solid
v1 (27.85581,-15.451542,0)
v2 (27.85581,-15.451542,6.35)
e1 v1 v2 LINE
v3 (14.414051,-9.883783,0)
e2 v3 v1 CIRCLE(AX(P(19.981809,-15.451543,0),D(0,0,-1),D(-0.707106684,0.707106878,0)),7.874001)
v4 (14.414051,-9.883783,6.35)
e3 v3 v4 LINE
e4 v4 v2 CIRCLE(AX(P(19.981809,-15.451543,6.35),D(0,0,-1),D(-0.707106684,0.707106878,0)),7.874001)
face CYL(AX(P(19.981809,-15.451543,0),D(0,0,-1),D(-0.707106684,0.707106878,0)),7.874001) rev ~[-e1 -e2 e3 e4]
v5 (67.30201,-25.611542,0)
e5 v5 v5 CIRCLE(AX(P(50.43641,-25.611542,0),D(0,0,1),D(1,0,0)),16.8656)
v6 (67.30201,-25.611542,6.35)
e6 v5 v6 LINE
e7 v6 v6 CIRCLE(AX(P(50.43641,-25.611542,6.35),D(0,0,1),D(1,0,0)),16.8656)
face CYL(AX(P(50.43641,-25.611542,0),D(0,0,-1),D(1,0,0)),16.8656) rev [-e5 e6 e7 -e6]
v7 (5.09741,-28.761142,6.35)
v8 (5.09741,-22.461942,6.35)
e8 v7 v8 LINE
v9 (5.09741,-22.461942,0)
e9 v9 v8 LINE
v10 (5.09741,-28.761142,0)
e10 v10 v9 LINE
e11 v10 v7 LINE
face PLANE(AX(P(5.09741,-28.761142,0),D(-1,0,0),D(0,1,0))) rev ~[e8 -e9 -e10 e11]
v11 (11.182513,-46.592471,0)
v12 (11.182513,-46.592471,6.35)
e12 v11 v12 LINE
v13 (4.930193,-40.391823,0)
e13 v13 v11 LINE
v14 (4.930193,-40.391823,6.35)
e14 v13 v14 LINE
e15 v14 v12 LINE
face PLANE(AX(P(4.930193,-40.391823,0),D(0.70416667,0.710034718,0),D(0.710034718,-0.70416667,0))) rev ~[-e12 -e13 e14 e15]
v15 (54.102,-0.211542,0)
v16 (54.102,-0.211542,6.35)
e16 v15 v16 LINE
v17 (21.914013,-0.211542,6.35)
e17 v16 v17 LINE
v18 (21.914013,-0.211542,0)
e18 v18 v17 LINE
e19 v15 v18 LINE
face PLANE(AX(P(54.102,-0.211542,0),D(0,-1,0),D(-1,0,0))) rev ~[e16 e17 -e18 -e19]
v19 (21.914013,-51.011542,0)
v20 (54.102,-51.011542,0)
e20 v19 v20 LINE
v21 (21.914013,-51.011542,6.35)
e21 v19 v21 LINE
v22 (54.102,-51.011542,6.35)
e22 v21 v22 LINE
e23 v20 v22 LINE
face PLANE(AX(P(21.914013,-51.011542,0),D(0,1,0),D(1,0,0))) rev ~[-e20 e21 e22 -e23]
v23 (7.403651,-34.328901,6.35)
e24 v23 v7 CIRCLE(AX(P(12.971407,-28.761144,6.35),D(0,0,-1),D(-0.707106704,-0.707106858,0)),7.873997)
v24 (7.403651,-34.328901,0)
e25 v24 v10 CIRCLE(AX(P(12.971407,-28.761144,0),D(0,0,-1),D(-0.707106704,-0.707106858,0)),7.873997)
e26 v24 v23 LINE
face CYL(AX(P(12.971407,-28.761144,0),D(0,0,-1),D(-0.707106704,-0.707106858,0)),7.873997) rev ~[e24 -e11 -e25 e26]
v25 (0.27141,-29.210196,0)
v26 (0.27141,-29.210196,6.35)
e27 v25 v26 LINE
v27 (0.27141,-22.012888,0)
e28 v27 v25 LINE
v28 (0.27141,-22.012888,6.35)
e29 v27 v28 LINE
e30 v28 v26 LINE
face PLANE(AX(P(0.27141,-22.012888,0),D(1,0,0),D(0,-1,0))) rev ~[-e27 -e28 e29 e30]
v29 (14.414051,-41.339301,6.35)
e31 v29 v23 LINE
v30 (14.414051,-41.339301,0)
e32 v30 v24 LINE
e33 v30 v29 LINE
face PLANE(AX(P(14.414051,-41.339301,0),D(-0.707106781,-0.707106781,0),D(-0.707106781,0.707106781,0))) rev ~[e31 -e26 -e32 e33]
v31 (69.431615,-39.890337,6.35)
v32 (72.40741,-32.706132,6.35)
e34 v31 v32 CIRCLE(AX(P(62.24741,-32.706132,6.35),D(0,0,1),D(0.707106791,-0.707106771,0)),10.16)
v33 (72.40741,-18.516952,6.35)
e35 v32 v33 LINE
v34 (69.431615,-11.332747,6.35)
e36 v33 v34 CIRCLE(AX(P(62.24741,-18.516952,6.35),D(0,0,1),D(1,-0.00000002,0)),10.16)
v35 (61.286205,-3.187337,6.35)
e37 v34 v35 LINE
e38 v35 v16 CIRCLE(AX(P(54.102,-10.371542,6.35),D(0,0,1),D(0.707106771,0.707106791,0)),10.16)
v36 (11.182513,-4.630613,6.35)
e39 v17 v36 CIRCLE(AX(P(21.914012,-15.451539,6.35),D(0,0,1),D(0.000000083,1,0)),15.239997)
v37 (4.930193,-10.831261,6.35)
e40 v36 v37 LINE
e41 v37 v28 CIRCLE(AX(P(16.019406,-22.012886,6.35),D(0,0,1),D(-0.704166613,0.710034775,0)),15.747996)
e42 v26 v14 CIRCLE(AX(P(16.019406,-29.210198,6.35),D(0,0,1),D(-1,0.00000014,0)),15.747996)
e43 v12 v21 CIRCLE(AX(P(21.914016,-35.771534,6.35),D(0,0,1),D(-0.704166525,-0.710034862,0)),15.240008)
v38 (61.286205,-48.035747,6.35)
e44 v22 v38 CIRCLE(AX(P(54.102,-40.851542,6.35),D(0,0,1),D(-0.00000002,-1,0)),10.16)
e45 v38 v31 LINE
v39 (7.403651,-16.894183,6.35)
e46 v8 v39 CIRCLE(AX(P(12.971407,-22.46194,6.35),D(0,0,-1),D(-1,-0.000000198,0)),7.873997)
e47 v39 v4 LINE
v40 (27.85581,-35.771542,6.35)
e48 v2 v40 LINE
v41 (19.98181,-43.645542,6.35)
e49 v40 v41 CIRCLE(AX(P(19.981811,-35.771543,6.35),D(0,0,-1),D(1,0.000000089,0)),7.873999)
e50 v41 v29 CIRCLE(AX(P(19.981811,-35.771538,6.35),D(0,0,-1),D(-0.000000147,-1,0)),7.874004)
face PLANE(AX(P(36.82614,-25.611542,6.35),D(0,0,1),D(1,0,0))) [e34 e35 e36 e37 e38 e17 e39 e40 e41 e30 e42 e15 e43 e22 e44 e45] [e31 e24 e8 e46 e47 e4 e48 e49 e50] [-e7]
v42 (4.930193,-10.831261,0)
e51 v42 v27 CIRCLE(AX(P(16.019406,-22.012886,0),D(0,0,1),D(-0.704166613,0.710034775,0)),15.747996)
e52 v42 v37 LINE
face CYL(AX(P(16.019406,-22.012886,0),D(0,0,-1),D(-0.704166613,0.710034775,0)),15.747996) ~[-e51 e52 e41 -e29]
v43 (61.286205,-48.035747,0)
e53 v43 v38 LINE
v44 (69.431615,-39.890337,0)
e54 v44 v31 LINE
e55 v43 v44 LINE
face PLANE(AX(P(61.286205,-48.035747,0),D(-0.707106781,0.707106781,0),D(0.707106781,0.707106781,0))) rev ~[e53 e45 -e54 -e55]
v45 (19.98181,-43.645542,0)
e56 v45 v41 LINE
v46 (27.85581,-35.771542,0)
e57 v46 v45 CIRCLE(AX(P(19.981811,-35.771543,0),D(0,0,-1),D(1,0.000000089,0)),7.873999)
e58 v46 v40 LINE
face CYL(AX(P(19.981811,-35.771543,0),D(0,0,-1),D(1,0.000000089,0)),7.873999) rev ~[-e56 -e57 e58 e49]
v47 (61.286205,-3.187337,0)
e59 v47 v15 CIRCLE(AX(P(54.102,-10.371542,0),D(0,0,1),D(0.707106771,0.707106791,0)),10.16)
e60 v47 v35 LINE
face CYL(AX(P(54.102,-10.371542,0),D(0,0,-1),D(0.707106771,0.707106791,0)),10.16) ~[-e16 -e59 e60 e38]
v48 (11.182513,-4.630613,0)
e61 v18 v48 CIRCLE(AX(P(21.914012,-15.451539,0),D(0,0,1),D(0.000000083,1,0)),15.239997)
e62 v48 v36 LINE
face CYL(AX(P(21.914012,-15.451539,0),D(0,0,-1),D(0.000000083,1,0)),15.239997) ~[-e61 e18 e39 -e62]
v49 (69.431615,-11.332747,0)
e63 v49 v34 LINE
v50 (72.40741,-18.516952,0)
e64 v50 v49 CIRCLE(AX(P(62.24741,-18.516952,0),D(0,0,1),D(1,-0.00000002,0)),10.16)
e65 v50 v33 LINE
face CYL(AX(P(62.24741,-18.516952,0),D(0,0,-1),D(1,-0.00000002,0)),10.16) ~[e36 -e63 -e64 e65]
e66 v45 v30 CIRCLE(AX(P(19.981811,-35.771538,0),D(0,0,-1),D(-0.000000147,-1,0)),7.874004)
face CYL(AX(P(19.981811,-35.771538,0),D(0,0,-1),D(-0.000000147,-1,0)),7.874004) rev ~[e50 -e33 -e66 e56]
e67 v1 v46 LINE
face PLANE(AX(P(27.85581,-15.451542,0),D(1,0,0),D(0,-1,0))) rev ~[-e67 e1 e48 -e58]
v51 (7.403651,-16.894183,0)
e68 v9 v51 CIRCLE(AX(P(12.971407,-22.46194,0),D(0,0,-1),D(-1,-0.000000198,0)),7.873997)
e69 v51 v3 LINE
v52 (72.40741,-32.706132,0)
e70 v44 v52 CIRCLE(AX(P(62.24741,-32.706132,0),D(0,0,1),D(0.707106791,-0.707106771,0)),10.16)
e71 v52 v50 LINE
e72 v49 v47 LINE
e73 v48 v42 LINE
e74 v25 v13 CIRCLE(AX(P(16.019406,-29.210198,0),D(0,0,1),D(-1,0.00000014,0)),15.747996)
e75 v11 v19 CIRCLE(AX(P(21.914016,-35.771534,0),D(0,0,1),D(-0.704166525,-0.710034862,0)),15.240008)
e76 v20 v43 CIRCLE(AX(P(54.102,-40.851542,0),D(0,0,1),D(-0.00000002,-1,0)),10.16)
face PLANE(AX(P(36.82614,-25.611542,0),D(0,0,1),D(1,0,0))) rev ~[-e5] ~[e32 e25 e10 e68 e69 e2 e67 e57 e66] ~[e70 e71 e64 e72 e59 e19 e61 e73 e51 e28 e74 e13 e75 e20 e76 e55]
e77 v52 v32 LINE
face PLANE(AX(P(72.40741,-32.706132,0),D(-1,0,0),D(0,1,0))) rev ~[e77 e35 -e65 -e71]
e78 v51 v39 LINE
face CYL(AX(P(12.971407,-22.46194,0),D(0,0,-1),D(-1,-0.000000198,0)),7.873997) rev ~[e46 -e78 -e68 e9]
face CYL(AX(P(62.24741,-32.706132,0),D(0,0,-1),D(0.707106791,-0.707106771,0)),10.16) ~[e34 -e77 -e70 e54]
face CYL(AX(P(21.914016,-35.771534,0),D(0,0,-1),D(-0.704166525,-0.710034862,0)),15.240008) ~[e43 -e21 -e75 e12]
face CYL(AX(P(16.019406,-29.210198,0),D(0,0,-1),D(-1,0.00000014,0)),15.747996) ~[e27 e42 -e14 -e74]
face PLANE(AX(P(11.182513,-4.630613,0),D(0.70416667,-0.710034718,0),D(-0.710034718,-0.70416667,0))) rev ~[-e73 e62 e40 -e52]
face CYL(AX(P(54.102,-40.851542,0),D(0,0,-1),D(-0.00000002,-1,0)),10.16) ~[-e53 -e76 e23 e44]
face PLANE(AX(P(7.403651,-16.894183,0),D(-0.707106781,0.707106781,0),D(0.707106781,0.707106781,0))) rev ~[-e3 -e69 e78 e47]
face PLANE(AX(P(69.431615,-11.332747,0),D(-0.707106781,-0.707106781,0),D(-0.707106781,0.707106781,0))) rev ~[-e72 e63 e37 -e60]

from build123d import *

# Parameters (mm, degrees)
F0_R     = 16.8656
F1_DEPTH = 6.35


with BuildPart() as f1:
    # F0 (on Top) → F1 (new body)
    with BuildSketch(Plane.XY):
        with BuildLine():
            ThreePointArc((69.431615, -39.890337), (71.634026, -36.594196), (72.40741, -32.706132))
            Line((72.40741, -32.706132), (72.40741, -18.516952))
            ThreePointArc((72.40741, -18.516952), (71.634026, -14.628888), (69.431615, -11.332747))
            Line((69.431615, -11.332747), (61.286205, -3.187337))
            ThreePointArc((61.286205, -3.187337), (57.990064, -0.984926), (54.102, -0.211542))
            Line((54.102, -0.211542), (21.914013, -0.211542))
            ThreePointArc((21.914013, -0.211542), (16.111142, -1.359548), (11.182513, -4.630613))
            Line((11.182513, -4.630613), (4.930193, -10.831261))
            ThreePointArc((4.930193, -10.831261), (1.482689, -15.956217), (0.27141, -22.012888))
            Line((0.27141, -22.012888), (0.27141, -29.210196))
            ThreePointArc((0.27141, -29.210196), (1.482689, -35.266867), (4.930193, -40.391823))
            Line((4.930193, -40.391823), (11.182513, -46.592471))
            ThreePointArc((11.182513, -46.592471), (16.111142, -49.863535), (21.914013, -51.011542))
            Line((21.914013, -51.011542), (54.102, -51.011542))
            ThreePointArc((54.102, -51.011542), (57.990064, -50.238158), (61.286205, -48.035747))
            Line((61.286205, -48.035747), (69.431615, -39.890337))
        make_face()
        with BuildLine():
            Line((27.85581, -15.451542), (27.85581, -35.771542))
            ThreePointArc((27.85581, -35.771542), (25.549569, -41.339301), (19.98181, -43.645542))
            ThreePointArc((19.98181, -43.645542), (16.96856, -43.046169), (14.414051, -41.339301))
            Line((14.414051, -41.339301), (7.403651, -34.328901))
            ThreePointArc((7.403651, -34.328901), (5.696782, -31.774391), (5.09741, -28.761142))
            Line((5.09741, -28.761142), (5.09741, -22.461942))
            ThreePointArc((5.09741, -22.461942), (5.696782, -19.448693), (7.403651, -16.894183))
            Line((7.403651, -16.894183), (14.414051, -9.883783))
            ThreePointArc((14.414051, -9.883783), (22.995059, -8.176915), (27.85581, -15.451542))
        make_face(mode=Mode.SUBTRACT)
        with Locations((50.43641, -25.611542)):
            Circle(F0_R, mode=Mode.SUBTRACT)
    extrude(amount=F1_DEPTH)


solid = f1.part
